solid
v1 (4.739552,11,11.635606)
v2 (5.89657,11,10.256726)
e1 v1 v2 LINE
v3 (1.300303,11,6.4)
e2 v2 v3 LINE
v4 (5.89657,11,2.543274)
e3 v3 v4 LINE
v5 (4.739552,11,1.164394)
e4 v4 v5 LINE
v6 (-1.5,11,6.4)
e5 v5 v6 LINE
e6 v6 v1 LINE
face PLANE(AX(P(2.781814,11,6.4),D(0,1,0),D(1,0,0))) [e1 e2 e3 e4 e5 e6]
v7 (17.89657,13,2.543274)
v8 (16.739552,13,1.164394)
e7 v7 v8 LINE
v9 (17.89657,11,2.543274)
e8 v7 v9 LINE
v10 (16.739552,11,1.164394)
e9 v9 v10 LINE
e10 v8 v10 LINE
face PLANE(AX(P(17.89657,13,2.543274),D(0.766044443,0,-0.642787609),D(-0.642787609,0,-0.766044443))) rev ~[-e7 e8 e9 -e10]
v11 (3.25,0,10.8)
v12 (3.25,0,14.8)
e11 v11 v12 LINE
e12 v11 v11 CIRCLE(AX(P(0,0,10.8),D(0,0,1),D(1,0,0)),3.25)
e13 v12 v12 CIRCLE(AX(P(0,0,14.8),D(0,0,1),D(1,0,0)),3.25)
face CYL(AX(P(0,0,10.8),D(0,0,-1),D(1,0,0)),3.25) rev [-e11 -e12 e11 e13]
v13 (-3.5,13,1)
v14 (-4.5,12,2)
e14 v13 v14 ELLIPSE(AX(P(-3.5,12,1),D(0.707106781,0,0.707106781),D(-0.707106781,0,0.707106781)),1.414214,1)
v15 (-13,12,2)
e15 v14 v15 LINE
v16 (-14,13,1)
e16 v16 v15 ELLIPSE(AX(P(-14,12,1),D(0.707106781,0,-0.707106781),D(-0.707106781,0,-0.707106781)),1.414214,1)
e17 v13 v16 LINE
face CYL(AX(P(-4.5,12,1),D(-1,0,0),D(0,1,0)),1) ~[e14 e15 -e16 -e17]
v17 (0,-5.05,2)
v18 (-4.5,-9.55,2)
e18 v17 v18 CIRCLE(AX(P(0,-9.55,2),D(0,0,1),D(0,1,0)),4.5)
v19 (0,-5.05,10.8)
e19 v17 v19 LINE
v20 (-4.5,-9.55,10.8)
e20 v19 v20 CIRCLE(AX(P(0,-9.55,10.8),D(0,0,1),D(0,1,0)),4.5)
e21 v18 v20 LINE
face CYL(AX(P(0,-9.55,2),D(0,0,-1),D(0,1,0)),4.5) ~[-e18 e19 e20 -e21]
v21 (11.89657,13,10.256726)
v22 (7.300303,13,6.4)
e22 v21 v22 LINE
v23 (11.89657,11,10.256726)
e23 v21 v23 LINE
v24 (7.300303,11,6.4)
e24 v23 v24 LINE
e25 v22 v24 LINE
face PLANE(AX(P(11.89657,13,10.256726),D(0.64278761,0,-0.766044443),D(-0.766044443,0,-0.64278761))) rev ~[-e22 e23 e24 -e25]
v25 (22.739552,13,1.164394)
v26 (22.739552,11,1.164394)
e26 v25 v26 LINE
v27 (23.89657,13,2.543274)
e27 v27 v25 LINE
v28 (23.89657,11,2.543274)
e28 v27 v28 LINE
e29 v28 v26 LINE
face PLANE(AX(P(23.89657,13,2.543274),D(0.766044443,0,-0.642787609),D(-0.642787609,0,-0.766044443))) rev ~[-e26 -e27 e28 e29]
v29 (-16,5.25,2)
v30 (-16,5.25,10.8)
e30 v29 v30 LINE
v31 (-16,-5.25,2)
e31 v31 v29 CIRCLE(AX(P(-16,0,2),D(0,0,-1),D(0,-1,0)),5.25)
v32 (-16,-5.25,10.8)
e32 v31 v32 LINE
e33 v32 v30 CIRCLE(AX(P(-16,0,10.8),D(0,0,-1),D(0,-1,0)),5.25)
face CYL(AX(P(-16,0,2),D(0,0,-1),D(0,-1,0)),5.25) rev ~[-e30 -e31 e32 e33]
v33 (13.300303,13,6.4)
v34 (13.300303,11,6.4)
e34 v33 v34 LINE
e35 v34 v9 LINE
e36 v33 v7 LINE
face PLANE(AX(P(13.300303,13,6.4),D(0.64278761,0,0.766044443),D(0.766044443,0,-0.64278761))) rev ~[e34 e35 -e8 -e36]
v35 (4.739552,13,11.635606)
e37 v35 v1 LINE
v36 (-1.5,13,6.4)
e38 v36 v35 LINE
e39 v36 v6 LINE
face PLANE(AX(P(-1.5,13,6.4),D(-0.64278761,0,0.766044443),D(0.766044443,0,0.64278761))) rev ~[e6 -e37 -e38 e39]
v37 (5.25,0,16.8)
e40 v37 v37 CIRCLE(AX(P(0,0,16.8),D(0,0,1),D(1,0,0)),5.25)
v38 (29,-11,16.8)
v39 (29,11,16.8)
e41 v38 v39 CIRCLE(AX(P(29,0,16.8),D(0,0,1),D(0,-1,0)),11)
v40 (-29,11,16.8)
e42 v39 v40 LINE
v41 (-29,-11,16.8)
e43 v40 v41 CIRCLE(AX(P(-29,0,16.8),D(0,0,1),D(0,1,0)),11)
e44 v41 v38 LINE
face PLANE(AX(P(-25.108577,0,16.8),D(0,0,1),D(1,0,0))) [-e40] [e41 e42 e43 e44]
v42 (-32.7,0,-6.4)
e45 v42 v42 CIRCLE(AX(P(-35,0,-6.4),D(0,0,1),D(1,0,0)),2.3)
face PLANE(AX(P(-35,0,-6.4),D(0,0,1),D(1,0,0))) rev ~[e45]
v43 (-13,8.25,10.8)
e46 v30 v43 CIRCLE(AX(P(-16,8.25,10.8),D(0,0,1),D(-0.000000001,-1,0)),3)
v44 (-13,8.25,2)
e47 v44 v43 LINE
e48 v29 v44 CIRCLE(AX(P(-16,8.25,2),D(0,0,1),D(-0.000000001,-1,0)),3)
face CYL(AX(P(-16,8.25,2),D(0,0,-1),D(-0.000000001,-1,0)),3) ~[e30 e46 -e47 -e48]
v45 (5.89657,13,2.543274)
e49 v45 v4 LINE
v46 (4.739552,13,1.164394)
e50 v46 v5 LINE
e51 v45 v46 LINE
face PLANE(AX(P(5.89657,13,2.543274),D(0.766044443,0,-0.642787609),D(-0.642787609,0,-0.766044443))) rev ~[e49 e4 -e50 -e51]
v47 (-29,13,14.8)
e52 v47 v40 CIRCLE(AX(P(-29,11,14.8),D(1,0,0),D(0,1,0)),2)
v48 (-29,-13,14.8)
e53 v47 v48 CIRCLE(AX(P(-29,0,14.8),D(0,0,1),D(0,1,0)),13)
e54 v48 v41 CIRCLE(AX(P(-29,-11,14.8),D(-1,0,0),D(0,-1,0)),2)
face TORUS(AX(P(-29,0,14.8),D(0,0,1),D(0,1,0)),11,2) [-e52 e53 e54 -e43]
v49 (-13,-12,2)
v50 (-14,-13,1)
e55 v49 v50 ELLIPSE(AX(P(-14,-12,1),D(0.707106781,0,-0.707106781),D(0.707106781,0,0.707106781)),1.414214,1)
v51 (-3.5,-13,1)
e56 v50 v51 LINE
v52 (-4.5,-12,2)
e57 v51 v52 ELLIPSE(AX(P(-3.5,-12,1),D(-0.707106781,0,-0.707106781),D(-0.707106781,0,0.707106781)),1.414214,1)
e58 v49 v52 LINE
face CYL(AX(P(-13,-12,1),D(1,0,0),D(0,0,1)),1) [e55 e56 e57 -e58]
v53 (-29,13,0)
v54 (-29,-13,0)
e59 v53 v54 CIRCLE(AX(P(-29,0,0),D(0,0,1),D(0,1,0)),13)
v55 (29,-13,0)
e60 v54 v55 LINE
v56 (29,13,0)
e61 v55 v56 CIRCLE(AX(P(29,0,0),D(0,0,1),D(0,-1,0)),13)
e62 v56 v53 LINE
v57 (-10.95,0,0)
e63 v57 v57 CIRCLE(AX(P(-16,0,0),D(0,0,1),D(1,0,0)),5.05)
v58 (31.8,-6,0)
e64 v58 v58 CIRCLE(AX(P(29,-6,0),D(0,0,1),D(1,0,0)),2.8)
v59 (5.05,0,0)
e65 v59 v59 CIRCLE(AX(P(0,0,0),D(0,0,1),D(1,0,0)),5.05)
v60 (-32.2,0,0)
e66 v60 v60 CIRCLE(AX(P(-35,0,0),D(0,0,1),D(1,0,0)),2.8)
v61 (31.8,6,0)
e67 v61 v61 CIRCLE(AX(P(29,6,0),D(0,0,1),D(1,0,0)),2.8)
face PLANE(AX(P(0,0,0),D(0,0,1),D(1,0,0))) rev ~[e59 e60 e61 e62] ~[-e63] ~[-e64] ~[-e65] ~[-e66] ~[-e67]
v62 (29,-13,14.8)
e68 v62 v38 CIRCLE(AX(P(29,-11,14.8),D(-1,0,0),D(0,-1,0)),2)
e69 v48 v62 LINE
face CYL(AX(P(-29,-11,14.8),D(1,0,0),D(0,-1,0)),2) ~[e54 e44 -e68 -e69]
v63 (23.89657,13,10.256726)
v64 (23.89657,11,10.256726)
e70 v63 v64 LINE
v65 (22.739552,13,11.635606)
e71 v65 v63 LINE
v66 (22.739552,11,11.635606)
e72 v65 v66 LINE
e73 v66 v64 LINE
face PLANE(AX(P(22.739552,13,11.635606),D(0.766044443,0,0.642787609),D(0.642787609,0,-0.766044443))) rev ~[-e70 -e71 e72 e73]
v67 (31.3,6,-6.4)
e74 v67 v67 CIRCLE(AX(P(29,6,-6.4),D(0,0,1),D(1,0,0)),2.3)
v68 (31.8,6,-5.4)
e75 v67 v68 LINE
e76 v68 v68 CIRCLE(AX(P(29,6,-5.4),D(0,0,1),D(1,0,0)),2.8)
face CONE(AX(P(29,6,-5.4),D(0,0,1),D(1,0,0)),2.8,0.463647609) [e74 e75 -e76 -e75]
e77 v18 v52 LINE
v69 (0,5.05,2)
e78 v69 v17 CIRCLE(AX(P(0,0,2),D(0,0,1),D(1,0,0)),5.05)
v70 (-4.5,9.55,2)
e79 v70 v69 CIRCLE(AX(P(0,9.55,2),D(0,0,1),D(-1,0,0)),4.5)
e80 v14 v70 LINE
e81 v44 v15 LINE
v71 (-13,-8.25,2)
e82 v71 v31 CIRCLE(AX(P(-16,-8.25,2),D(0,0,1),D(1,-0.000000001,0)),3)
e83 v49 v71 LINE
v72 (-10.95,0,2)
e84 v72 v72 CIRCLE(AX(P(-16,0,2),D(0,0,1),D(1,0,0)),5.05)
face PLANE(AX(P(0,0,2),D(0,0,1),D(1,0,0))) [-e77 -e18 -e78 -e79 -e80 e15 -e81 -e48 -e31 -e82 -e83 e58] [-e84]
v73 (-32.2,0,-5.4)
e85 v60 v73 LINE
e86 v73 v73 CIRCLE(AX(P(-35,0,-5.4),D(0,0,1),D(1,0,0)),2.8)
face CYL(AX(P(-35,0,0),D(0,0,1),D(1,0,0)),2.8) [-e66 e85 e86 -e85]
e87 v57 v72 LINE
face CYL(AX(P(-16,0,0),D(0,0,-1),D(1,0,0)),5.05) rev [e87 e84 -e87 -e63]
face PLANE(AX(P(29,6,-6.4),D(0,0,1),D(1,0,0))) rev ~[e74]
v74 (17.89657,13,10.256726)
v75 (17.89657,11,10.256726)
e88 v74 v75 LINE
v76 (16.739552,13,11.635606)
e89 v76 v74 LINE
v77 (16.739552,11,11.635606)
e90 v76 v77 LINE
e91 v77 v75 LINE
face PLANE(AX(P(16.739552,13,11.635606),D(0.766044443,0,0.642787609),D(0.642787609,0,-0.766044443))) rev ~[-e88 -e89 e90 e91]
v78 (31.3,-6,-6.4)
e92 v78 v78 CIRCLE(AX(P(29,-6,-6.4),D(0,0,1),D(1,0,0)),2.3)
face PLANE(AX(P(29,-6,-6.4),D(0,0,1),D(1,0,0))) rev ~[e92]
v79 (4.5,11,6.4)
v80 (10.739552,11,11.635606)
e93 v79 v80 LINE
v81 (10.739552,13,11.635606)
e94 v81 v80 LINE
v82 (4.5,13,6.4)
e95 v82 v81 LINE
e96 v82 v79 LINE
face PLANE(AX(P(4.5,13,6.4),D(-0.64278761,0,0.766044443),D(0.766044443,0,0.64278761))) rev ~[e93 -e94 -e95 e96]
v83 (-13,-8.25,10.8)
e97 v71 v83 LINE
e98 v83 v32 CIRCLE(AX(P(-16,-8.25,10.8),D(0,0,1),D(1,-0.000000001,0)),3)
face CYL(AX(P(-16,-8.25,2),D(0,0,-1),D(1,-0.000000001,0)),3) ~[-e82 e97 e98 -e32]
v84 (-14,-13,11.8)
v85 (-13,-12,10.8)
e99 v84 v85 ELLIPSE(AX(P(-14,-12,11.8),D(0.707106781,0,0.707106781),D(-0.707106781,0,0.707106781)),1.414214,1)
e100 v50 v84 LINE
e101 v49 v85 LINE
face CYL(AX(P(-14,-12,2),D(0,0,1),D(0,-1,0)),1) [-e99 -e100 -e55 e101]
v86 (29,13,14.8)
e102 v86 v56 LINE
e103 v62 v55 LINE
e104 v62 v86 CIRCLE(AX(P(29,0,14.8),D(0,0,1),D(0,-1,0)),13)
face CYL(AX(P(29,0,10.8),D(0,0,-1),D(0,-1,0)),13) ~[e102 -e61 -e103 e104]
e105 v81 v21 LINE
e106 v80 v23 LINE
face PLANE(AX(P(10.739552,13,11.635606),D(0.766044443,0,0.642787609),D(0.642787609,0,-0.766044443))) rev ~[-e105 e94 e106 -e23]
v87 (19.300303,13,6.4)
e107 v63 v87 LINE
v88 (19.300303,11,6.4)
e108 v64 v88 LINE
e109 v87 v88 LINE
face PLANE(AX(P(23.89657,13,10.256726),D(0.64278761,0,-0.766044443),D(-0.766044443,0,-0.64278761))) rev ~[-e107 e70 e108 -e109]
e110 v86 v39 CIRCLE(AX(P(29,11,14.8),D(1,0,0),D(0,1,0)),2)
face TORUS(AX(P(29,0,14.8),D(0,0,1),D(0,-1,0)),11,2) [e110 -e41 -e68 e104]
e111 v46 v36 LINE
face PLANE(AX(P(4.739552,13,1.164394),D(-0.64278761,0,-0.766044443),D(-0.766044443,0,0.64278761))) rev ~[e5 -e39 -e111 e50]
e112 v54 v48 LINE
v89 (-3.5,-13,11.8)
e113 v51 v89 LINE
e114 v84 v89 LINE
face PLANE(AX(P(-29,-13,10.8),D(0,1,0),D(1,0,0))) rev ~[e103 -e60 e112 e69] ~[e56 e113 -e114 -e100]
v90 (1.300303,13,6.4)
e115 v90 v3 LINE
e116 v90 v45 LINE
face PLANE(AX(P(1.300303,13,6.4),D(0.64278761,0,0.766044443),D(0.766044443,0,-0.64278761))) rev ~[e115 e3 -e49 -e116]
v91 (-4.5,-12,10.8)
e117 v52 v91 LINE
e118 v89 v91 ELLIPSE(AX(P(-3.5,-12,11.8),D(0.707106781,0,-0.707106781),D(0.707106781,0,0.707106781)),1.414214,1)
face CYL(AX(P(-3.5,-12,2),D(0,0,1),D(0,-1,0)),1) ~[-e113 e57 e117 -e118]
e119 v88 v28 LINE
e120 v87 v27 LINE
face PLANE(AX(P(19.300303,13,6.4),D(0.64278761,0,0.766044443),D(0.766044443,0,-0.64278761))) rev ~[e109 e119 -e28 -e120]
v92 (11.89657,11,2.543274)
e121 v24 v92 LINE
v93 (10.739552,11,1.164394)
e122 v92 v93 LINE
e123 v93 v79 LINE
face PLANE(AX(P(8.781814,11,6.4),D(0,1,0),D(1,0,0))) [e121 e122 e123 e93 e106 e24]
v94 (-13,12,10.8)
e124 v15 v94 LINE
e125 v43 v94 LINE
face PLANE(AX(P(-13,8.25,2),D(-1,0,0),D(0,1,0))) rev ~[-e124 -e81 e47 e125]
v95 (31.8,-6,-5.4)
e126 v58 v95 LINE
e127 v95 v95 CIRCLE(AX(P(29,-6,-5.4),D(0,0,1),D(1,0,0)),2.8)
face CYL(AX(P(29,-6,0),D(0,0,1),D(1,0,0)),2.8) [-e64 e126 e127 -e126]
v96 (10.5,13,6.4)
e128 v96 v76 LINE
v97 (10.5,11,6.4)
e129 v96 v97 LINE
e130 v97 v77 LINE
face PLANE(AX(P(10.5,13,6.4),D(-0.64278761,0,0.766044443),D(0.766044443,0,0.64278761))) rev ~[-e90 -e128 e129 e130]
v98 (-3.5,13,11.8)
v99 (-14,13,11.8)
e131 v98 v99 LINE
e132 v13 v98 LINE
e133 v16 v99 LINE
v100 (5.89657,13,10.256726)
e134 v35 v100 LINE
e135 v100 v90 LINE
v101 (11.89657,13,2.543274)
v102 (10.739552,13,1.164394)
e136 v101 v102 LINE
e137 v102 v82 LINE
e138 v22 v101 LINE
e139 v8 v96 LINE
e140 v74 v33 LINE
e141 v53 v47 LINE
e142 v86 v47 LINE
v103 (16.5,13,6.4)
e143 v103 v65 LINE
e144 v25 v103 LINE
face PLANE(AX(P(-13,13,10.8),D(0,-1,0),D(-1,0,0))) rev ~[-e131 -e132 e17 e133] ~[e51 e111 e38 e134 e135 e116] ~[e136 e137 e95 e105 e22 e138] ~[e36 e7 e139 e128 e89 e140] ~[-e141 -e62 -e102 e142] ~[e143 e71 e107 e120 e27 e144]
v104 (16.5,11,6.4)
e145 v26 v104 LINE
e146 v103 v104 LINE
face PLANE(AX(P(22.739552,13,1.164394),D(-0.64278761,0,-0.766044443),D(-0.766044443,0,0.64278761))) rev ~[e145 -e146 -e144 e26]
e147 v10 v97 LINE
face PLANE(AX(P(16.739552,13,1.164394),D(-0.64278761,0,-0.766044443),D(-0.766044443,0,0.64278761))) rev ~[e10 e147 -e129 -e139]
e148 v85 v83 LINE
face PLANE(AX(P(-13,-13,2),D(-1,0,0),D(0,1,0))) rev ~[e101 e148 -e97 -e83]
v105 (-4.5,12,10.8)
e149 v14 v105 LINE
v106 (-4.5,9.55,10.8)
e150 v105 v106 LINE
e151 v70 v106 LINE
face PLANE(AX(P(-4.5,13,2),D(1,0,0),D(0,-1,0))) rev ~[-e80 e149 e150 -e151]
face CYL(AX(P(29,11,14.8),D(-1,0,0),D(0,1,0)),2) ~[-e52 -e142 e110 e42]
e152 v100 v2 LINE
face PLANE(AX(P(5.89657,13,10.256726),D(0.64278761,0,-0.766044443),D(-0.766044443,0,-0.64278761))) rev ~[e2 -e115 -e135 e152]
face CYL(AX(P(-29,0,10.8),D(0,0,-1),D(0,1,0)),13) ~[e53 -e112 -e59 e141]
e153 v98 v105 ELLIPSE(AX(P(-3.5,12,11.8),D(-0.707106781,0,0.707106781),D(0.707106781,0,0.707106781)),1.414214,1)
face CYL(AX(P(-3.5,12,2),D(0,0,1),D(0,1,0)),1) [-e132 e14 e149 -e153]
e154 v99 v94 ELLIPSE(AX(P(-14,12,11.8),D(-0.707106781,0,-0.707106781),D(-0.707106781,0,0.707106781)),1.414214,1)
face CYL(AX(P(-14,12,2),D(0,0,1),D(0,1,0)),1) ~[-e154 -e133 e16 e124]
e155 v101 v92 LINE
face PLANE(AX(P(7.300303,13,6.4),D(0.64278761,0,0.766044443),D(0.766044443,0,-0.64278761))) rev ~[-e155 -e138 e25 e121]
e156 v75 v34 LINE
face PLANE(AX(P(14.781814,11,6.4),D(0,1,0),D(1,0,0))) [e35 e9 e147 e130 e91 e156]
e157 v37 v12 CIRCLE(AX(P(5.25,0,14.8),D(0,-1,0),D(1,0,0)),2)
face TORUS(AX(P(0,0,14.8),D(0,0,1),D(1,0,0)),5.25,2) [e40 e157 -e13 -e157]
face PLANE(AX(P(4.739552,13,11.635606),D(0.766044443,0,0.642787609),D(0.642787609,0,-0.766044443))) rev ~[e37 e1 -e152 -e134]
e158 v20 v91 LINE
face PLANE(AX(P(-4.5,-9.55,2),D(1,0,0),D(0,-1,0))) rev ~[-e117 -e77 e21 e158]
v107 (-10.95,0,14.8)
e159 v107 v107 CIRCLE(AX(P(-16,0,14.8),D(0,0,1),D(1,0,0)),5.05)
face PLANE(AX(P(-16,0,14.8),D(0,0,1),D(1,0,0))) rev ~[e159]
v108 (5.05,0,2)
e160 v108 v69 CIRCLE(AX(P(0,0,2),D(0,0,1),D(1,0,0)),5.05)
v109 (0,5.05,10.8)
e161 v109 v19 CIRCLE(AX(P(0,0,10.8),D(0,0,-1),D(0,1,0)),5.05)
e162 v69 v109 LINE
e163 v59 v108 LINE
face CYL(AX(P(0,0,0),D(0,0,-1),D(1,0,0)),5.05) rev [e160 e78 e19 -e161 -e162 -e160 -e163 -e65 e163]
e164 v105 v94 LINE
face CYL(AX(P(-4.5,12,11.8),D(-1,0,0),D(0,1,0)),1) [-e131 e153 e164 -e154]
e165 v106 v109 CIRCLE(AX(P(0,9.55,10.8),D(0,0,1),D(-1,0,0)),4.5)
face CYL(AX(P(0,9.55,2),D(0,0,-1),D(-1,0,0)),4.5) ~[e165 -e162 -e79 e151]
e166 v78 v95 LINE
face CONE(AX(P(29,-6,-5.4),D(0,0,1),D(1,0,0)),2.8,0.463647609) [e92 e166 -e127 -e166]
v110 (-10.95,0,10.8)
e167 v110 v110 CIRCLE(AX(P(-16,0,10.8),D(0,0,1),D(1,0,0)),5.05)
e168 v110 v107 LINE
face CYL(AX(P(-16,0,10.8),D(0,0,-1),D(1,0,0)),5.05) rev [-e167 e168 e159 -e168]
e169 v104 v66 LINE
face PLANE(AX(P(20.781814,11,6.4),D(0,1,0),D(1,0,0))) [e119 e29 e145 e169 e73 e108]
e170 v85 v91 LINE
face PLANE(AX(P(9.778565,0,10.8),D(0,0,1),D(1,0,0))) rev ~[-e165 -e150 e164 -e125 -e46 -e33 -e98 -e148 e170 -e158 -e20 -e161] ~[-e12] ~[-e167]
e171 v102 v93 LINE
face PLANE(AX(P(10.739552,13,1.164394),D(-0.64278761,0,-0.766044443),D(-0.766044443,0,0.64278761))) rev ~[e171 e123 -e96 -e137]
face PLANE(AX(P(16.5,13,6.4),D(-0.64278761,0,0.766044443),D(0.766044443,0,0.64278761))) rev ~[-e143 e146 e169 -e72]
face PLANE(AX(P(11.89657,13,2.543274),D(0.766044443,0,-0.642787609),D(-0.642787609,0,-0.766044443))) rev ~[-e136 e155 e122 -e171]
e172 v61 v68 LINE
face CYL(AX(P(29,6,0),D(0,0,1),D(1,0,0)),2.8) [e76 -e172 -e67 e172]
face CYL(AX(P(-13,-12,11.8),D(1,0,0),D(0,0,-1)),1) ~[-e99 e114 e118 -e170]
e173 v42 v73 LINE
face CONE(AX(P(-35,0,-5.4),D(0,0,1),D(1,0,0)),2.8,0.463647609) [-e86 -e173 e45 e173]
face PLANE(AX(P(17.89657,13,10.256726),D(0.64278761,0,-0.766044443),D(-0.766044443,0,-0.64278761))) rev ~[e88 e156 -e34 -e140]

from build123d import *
from OCP.BRepFilletAPI import BRepFilletAPI_MakeChamfer

# Parameters (mm, degrees)
SKETCH1_R             = 2.8
BOSS_EXTRUDE1_DEPTH   = 6.4
BOSS_EXTRUDE1_2_DEPTH = 6.4
BOSS_EXTRUDE1_3_DEPTH = 6.4
SKETCH1_3_R           = 5.05
BOSS_EXTRUDE2_DEPTH   = 2
BOSS_EXTRUDE3_DEPTH   = 8.8
SKETCH6_R             = 5.05
SKETCH6_R_2           = 3.25
BOSS_EXTRUDE4_DEPTH   = 6
SKETCH6_4_R           = 5.05
CUT_EXTRUDE1_DEPTH    = 4
FILLET1_R             = 2
FILLET2_R             = 1
CHAMFER1_SIZE         = 0.5
CHAMFER1_SIZE2        = 1
CUT_EXTRUDE2_DEPTH    = 2


with BuildPart() as part:
    # Sketch1 → Boss-Extrude1 (new body)
    with BuildSketch(Plane.XY):
        with Locations((29, 6)):
            Circle(SKETCH1_R)
    extrude(amount=-BOSS_EXTRUDE1_DEPTH)



with BuildPart() as body_2:
    # Sketch1 → Boss-Extrude1 2 (new body)
    with BuildSketch(Plane.XY):
        with Locations((29, -6)):
            Circle(SKETCH1_R)
    extrude(amount=-BOSS_EXTRUDE1_2_DEPTH)


with BuildPart() as body_3:
    # Sketch1 → Boss-Extrude1 3 (new body)
    with BuildSketch(Plane.XY):
        with Locations((-35, 0)):
            Circle(SKETCH1_R)
    extrude(amount=-BOSS_EXTRUDE1_3_DEPTH)


with BuildPart() as part_1:
    add(part.part)

    add(body_2.part)  # Boss-Extrude2 merges body 2

    add(body_3.part)  # Boss-Extrude2 merges body 3
    # Sketch1<3> → Boss-Extrude2 (add)
    with BuildSketch(Plane.XY):
        with BuildLine():
            Line((29, 13), (-29, 13))
            ThreePointArc((-29, 13), (-42, 0), (-29, -13))
            Line((-29, -13), (29, -13))
            ThreePointArc((29, -13), (42, 0), (29, 13))
        make_face()
        with Locations((-16, 0)):
            Circle(SKETCH1_3_R, mode=Mode.SUBTRACT)
        Circle(SKETCH1_3_R, mode=Mode.SUBTRACT)
    extrude(amount=BOSS_EXTRUDE2_DEPTH)

    # Sketch5 → Boss-Extrude3 (add)
    with BuildSketch(Plane.XY.offset(2)):
        with BuildLine():
            Line((-4.5, -9.55), (-4.5, -13))
            Line((-4.5, -13), (29, -13))
            ThreePointArc((29, -13), (42, 0), (29, 13))
            Line((29, 13), (-4.5, 13))
            Line((-4.5, 13), (-4.5, 9.55))
            ThreePointArc((-4.5, 9.55), (-3.181980515, 6.368019485), (0, 5.05))
            ThreePointArc((0, 5.05), (5.05, 0), (0, -5.05))
            ThreePointArc((0, -5.05), (-3.181980515, -6.368019485), (-4.5, -9.55))
        make_face()
        with BuildLine():
            Line((-13, 8.25), (-13, 13))
            Line((-13, 13), (-29, 13))
            ThreePointArc((-29, 13), (-42, 0), (-29, -13))
            Line((-29, -13), (-13, -13))
            Line((-13, -13), (-13, -8.25))
            ThreePointArc((-13, -8.25), (-13.878679656, -6.128679656), (-16, -5.25))
            ThreePointArc((-16, -5.25), (-21.25, 0), (-16, 5.25))
            ThreePointArc((-16, 5.25), (-13.878679656, 6.128679656), (-13, 8.25))
        make_face()
    extrude(amount=BOSS_EXTRUDE3_DEPTH)

    # Sketch6 → Boss-Extrude4 (add)
    # profile 1 of 3: a face of its own
    with BuildSketch(Plane.XY.offset(10.8)):
        with BuildLine():
            ThreePointArc((-16, -5.25), (-21.25, 0), (-16, 5.25))
            ThreePointArc((-16, 5.25), (-13.878679656, 6.128679656), (-13, 8.25))
            Line((-13, 8.25), (-13, 13))
            Line((-13, 13), (-29, 13))
            ThreePointArc((-29, 13), (-42, 0), (-29, -13))
            Line((-29, -13), (-13, -13))
            Line((-13, -13), (-13, -8.25))
            ThreePointArc((-13, -8.25), (-13.878679656, -6.128679656), (-16, -5.25))
        make_face()
    # profile 2 of 3: a face of its own
    with BuildSketch(Plane.XY.offset(10.8)):
        with BuildLine():
            ThreePointArc((29, -13), (42, 0), (29, 13))
            Line((29, 13), (-13, 13))
            Line((-13, 13), (-13, 8.25))
            ThreePointArc((-13, 8.25), (-13.878679656, 6.128679656), (-16, 5.25))
            ThreePointArc((-16, 5.25), (-21.25, 0), (-16, -5.25))
            ThreePointArc((-16, -5.25), (-13.878679656, -6.128679656), (-13, -8.25))
            Line((-13, -8.25), (-13, -13))
            Line((-13, -13), (29, -13))
        make_face()
        with Locations((-16, 0)):
            Circle(SKETCH6_R, mode=Mode.SUBTRACT)
        Circle(SKETCH6_R_2, mode=Mode.SUBTRACT)
    # profile 3 of 3: a face of its own
    with BuildSketch(Plane.XY.offset(10.8)):
        with Locations((-16, 0)):
            Circle(SKETCH6_R)
    extrude(amount=BOSS_EXTRUDE4_DEPTH)

    # Sketch6<4> → Cut-Extrude1 (cut)
    with BuildSketch(Plane.XY.offset(10.8)):
        with Locations((-16, 0)):
            Circle(SKETCH6_4_R)
    extrude(amount=CUT_EXTRUDE1_DEPTH, mode=Mode.SUBTRACT)

    # Fillet1
    fillet1_edges = [part_1.edges().sort_by_distance(p)[0] for p in [
        (-3.25, 0, 16.8),
        (42, 0, 16.8),
        (0, 13, 16.8),
        (-42, 0, 16.8),
        (0, -13, 16.8),
    ]]
    fillet(fillet1_edges, radius=FILLET1_R)

    # Fillet2
    fillet2_edges = [part_1.edges().sort_by_distance(p)[0] for p in [
        (-8.75, 13, 2),
        (-4.5, 13, 6.4),
        (-4.5, -13, 6.4),
        (-8.75, -13, 2),
        (-13, -13, 6.4),
        (-13, 13, 6.4),
        (-8.75, 13, 10.8),
        (-8.75, -13, 10.8),
    ]]
    fillet(fillet2_edges, radius=FILLET2_R)

    # Chamfer1: one chamfer whose edges measure the first distance from different faces: ONE call of the kernel's chamfer builder (chamfer() names one face for all edges)
    chamfer1_edges_1 = [part_1.edges().sort_by_distance(p)[0] for p in [
        (26.2, 6, -6.4),
    ]]
    chamfer1_side_1 = [part_1.faces().sort_by_distance(p)[0] for p in [
        (29, 6, -6.4),
    ]]
    chamfer1_edges_2 = [part_1.edges().sort_by_distance(p)[0] for p in [
        (26.2, -6, -6.4),
    ]]
    chamfer1_side_2 = [part_1.faces().sort_by_distance(p)[0] for p in [
        (29, -6, -6.4),
    ]]
    chamfer1_edges_3 = [part_1.edges().sort_by_distance(p)[0] for p in [
        (-37.8, 0, -6.4),
    ]]
    chamfer1_side_3 = [part_1.faces().sort_by_distance(p)[0] for p in [
        (-35, 0, -6.4),
    ]]
    chamfer1 = BRepFilletAPI_MakeChamfer(part_1.part.solid().wrapped)
    for e in chamfer1_edges_1:
        chamfer1.Add(CHAMFER1_SIZE, CHAMFER1_SIZE2, e.wrapped, chamfer1_side_1[0].wrapped)  # the first distance lies on this face
    for e in chamfer1_edges_2:
        chamfer1.Add(CHAMFER1_SIZE, CHAMFER1_SIZE2, e.wrapped, chamfer1_side_2[0].wrapped)  # the first distance lies on this face
    for e in chamfer1_edges_3:
        chamfer1.Add(CHAMFER1_SIZE, CHAMFER1_SIZE2, e.wrapped, chamfer1_side_3[0].wrapped)  # the first distance lies on this face
    add(Compound.cast(chamfer1.Shape()), mode=Mode.REPLACE)

    # Sketch7 → Cut-Extrude2 (cut)
    with BuildSketch(Plane(origin=(0, 13, 0), x_dir=(1, 0, 0), z_dir=(0, 1, 0))):
        Polygon((-1.5, -6.4), (4.73955185, -11.635605656), (5.896569547, -10.256725658), (1.300302888, -6.4), (5.896569547, -2.543274342), (4.73955185, -1.164394344), align=None)
        Polygon((10.73955185, -1.164394344), (4.5, -6.4), (10.73955185, -11.635605656), (11.896569547, -10.256725658), (7.300302888, -6.4), (11.896569547, -2.543274342), align=None)
        Polygon((16.73955185, -1.164394344), (10.5, -6.4), (16.73955185, -11.635605656), (17.896569547, -10.256725658), (13.300302888, -6.4), (17.896569547, -2.543274342), align=None)
        Polygon((22.73955185, -1.164394344), (16.5, -6.4), (22.73955185, -11.635605656), (23.896569547, -10.256725658), (19.300302888, -6.4), (23.896569547, -2.543274342), align=None)
    extrude(amount=-CUT_EXTRUDE2_DEPTH, mode=Mode.SUBTRACT)


solid = part_1.part
